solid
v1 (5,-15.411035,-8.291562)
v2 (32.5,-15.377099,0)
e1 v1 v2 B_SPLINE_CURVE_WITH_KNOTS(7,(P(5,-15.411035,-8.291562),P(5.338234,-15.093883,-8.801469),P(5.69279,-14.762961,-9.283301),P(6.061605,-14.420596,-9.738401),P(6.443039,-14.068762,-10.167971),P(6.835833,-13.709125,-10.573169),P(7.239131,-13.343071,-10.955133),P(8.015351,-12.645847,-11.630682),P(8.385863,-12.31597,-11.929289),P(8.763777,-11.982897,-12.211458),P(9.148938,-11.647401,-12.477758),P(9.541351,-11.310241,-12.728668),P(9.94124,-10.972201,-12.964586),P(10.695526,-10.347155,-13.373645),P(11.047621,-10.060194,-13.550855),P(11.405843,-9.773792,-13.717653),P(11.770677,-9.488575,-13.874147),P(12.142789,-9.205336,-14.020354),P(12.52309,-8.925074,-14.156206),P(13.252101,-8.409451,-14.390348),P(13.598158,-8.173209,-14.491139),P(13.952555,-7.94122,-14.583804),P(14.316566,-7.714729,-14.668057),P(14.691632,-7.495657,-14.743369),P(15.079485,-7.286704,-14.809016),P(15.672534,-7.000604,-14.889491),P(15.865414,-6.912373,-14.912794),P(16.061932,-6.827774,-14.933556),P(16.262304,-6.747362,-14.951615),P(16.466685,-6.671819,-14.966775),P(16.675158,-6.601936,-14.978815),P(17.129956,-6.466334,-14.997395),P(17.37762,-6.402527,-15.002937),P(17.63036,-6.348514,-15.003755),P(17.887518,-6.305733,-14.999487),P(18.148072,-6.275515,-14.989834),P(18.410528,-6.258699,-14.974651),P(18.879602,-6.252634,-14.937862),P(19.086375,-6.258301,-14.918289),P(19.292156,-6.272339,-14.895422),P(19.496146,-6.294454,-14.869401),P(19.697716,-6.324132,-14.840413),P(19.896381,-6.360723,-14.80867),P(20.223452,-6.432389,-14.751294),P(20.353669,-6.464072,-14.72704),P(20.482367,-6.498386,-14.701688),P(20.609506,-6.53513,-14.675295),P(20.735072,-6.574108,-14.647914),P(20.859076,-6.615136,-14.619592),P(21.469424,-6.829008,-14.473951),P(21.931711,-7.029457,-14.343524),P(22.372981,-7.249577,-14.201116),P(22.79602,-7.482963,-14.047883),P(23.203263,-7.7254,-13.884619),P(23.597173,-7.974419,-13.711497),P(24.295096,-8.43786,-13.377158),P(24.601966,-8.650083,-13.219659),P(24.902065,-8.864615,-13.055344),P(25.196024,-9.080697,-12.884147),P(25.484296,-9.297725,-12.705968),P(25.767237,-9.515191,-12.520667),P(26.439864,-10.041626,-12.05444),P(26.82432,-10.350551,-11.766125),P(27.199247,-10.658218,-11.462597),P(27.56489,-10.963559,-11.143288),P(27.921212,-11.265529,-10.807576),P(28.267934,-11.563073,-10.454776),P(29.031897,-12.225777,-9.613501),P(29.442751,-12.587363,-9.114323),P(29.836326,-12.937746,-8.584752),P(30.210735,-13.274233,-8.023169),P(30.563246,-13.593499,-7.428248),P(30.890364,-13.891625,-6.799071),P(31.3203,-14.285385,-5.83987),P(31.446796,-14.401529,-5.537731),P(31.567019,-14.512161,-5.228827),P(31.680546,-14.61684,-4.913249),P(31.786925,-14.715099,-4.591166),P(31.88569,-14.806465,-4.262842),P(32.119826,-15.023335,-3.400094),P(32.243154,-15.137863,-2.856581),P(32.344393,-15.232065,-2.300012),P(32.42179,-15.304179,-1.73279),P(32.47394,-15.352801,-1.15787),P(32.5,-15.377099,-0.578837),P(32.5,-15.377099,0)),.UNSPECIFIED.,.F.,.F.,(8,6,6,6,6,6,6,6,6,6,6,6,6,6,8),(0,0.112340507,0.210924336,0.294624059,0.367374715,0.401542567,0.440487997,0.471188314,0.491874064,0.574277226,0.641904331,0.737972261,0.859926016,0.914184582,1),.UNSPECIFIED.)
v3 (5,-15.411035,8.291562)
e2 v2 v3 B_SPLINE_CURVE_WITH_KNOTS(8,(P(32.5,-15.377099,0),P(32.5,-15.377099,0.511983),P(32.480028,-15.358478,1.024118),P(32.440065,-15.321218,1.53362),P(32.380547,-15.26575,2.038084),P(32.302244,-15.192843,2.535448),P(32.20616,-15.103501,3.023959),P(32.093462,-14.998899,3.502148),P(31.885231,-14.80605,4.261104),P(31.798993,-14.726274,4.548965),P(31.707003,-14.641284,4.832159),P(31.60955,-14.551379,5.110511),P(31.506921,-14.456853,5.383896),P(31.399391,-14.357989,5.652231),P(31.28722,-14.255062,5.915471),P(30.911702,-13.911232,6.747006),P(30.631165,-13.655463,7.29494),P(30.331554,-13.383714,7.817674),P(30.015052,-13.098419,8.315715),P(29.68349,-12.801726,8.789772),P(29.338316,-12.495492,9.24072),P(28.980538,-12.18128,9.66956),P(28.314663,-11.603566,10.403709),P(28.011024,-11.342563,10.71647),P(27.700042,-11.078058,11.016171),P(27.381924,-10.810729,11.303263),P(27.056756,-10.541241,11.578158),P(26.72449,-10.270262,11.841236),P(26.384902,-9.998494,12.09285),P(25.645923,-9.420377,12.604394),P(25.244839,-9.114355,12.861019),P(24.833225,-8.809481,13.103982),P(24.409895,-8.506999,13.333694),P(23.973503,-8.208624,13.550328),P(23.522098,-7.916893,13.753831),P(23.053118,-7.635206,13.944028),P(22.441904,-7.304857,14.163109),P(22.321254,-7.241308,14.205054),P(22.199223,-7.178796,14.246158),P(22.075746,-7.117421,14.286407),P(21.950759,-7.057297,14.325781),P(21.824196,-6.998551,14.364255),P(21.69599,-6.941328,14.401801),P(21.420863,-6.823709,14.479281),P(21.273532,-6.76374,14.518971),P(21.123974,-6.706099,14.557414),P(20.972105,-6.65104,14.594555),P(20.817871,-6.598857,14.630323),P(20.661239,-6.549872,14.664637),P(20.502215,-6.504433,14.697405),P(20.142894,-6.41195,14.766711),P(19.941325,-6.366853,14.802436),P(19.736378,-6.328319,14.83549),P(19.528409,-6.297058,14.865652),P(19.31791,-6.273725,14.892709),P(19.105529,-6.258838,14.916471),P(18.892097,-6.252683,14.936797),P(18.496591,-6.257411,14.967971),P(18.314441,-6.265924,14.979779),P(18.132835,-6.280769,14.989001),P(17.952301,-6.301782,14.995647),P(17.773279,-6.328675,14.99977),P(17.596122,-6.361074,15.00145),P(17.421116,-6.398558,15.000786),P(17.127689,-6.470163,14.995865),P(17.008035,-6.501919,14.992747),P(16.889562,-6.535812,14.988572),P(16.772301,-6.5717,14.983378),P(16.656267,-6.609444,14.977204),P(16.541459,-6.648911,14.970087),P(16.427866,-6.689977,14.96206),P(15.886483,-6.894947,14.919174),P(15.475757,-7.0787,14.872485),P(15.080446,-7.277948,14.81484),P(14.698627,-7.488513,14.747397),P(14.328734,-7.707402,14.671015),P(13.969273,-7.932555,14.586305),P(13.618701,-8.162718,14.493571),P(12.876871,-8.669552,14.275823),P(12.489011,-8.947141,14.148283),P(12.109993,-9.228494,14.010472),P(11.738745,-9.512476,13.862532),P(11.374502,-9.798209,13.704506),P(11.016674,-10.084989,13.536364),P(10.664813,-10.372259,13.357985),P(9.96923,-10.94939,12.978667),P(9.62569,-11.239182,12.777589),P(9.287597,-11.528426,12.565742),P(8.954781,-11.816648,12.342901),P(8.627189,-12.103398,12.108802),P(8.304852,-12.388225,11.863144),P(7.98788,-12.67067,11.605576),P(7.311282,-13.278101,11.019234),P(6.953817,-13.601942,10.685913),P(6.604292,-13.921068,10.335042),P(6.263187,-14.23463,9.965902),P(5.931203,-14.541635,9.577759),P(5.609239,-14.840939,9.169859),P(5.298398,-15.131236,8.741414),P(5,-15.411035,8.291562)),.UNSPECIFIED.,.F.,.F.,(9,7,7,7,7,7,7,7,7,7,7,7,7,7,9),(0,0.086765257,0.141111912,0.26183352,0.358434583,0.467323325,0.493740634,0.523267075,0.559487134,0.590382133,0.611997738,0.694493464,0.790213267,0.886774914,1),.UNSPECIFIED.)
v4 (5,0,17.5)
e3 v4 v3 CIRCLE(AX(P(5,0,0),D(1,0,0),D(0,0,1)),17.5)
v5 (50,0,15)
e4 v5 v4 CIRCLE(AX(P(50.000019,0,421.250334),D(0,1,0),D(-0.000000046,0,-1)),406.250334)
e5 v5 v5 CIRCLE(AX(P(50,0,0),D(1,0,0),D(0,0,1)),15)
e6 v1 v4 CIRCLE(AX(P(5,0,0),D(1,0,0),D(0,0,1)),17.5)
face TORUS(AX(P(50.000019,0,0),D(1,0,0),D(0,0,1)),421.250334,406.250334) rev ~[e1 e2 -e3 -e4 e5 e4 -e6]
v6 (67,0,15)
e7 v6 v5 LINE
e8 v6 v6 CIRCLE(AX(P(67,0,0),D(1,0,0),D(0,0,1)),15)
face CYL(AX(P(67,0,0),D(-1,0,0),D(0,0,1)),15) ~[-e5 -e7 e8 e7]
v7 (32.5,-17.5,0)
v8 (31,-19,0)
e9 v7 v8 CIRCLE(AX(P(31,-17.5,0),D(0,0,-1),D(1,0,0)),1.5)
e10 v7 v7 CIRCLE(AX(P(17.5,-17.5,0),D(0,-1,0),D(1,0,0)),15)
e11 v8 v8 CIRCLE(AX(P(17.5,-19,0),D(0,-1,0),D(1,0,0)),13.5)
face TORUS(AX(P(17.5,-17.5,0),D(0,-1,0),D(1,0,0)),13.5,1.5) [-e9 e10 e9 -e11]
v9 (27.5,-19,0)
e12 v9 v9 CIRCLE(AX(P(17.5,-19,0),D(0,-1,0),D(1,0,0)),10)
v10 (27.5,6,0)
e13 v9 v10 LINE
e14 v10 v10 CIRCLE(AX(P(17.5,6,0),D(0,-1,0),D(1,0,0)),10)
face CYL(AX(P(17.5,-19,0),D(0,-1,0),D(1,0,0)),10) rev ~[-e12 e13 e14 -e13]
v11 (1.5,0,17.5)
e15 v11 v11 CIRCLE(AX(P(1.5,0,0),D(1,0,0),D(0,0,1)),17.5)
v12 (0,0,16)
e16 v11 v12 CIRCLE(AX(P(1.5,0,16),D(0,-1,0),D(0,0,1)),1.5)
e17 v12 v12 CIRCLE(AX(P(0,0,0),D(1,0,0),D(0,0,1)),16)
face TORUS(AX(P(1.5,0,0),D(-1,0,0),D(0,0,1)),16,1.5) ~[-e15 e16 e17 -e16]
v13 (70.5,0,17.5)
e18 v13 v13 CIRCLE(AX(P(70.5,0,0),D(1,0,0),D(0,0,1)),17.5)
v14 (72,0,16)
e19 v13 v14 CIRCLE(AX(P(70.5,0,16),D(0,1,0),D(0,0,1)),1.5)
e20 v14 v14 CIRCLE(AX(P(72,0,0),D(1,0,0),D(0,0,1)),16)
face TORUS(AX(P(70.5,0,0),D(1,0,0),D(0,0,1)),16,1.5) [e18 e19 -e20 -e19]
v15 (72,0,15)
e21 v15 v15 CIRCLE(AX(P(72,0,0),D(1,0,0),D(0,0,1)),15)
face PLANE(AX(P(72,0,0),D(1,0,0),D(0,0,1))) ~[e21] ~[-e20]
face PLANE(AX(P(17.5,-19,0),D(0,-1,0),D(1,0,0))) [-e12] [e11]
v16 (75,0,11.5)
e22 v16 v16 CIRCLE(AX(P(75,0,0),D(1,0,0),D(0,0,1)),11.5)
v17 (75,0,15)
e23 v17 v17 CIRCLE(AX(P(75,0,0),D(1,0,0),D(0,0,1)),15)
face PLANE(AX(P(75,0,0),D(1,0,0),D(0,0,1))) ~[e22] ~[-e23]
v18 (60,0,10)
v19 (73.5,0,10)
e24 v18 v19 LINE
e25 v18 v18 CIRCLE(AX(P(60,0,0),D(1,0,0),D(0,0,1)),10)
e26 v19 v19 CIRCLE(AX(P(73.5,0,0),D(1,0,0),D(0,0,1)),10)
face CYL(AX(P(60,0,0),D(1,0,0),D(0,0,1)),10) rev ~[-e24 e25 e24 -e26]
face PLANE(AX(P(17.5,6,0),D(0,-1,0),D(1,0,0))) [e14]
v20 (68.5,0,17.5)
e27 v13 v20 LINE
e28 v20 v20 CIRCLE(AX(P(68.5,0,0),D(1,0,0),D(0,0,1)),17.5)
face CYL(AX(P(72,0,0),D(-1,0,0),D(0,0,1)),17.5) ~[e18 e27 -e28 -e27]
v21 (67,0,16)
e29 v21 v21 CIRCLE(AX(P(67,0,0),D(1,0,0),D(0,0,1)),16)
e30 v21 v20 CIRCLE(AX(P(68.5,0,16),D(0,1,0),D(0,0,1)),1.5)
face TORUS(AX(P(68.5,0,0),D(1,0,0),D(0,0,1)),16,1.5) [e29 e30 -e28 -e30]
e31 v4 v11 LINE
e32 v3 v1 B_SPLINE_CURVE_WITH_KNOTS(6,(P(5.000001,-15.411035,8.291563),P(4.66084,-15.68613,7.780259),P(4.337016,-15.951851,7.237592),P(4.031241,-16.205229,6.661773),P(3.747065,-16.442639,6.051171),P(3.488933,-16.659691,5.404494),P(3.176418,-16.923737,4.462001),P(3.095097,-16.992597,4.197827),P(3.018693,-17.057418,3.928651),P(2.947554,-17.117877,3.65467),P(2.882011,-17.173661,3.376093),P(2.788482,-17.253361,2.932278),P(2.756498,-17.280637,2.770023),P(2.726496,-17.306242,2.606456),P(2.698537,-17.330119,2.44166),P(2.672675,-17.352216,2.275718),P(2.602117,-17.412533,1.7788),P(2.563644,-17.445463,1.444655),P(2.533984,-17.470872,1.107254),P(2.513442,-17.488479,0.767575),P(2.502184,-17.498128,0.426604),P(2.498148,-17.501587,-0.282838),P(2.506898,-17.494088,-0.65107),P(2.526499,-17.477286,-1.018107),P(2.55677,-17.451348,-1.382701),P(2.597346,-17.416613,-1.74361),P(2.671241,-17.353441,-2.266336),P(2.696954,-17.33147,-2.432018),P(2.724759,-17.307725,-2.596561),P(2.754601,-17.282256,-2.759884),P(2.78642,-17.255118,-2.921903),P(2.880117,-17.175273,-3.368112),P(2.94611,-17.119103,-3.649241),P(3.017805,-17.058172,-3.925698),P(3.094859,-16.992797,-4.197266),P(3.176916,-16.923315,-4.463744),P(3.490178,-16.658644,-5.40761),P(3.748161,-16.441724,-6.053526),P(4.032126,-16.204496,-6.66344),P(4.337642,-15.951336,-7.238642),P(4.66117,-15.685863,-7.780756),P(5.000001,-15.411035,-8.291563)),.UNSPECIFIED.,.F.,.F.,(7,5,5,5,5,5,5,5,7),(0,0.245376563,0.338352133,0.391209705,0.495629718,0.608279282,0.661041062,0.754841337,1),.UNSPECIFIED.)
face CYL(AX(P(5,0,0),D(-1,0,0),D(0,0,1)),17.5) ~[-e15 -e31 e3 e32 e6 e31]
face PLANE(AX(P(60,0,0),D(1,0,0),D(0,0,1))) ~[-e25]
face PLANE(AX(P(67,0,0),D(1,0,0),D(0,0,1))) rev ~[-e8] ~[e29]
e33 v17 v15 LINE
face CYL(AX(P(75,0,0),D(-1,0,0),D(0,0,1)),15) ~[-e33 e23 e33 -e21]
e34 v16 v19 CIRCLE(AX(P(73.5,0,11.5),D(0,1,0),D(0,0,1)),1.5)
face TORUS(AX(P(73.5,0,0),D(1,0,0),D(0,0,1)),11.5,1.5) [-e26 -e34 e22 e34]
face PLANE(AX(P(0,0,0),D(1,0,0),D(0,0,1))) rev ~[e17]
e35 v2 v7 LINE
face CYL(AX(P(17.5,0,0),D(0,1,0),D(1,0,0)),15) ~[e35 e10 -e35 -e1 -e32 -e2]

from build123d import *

# Parameters (mm, degrees)
F2_R     = 15
F3_DEPTH = 19
F4_R     = 10
F5_DEPTH = 25
F6_R     = 1.5
F7_R     = 1.5


with BuildPart() as f1:
    # F0 (on Front) → F1 (revolve)
    with BuildSketch(Plane.XZ):
        with BuildLine():
            Line((0, 17.5), (0, 0))
            Line((0, 0), (60, 0))
            Line((60, 0), (60, 10))
            Line((60, 10), (75, 10))
            Line((75, 10), (75, 15))
            Line((75, 15), (72, 15))
            Line((72, 15), (72, 17.5))
            Line((72, 17.5), (67, 17.5))
            Line((67, 17.5), (67, 15))
            Line((67, 15), (50, 15))
            ThreePointArc((50, 15), (27.465305, 15.625482), (5, 17.5))
            Line((5, 17.5), (0, 17.5))
        make_face()
    revolve(axis=Axis((30, 0, 0), (1, 0, 0)))

    # F2 (on Front) → F3 (join)
    with BuildSketch(Plane.XZ):
        with Locations((17.5, 0)):
            Circle(F2_R)
    extrude(amount=F3_DEPTH)

    # F4 (on face) → F5 (cut)
    with BuildSketch(Plane.XZ.offset(19)):
        with Locations((17.5, 0)):
            Circle(F4_R)
    extrude(amount=-F5_DEPTH, mode=Mode.SUBTRACT)

    # F6
    f6_edges = [f1.edges().sort_by_distance(p)[0] for p in [
        (0, 0, -17.5),
        (2.5, -19, 0),
    ]]
    fillet(f6_edges, radius=F6_R)

    # F7
    f7_edges = [f1.edges().sort_by_distance(p)[0] for p in [
        (67, 0, -17.5),
        (72, 0, -17.5),
        (75, 0, -10),
    ]]
    fillet(f7_edges, radius=F7_R)


solid = f1.part
